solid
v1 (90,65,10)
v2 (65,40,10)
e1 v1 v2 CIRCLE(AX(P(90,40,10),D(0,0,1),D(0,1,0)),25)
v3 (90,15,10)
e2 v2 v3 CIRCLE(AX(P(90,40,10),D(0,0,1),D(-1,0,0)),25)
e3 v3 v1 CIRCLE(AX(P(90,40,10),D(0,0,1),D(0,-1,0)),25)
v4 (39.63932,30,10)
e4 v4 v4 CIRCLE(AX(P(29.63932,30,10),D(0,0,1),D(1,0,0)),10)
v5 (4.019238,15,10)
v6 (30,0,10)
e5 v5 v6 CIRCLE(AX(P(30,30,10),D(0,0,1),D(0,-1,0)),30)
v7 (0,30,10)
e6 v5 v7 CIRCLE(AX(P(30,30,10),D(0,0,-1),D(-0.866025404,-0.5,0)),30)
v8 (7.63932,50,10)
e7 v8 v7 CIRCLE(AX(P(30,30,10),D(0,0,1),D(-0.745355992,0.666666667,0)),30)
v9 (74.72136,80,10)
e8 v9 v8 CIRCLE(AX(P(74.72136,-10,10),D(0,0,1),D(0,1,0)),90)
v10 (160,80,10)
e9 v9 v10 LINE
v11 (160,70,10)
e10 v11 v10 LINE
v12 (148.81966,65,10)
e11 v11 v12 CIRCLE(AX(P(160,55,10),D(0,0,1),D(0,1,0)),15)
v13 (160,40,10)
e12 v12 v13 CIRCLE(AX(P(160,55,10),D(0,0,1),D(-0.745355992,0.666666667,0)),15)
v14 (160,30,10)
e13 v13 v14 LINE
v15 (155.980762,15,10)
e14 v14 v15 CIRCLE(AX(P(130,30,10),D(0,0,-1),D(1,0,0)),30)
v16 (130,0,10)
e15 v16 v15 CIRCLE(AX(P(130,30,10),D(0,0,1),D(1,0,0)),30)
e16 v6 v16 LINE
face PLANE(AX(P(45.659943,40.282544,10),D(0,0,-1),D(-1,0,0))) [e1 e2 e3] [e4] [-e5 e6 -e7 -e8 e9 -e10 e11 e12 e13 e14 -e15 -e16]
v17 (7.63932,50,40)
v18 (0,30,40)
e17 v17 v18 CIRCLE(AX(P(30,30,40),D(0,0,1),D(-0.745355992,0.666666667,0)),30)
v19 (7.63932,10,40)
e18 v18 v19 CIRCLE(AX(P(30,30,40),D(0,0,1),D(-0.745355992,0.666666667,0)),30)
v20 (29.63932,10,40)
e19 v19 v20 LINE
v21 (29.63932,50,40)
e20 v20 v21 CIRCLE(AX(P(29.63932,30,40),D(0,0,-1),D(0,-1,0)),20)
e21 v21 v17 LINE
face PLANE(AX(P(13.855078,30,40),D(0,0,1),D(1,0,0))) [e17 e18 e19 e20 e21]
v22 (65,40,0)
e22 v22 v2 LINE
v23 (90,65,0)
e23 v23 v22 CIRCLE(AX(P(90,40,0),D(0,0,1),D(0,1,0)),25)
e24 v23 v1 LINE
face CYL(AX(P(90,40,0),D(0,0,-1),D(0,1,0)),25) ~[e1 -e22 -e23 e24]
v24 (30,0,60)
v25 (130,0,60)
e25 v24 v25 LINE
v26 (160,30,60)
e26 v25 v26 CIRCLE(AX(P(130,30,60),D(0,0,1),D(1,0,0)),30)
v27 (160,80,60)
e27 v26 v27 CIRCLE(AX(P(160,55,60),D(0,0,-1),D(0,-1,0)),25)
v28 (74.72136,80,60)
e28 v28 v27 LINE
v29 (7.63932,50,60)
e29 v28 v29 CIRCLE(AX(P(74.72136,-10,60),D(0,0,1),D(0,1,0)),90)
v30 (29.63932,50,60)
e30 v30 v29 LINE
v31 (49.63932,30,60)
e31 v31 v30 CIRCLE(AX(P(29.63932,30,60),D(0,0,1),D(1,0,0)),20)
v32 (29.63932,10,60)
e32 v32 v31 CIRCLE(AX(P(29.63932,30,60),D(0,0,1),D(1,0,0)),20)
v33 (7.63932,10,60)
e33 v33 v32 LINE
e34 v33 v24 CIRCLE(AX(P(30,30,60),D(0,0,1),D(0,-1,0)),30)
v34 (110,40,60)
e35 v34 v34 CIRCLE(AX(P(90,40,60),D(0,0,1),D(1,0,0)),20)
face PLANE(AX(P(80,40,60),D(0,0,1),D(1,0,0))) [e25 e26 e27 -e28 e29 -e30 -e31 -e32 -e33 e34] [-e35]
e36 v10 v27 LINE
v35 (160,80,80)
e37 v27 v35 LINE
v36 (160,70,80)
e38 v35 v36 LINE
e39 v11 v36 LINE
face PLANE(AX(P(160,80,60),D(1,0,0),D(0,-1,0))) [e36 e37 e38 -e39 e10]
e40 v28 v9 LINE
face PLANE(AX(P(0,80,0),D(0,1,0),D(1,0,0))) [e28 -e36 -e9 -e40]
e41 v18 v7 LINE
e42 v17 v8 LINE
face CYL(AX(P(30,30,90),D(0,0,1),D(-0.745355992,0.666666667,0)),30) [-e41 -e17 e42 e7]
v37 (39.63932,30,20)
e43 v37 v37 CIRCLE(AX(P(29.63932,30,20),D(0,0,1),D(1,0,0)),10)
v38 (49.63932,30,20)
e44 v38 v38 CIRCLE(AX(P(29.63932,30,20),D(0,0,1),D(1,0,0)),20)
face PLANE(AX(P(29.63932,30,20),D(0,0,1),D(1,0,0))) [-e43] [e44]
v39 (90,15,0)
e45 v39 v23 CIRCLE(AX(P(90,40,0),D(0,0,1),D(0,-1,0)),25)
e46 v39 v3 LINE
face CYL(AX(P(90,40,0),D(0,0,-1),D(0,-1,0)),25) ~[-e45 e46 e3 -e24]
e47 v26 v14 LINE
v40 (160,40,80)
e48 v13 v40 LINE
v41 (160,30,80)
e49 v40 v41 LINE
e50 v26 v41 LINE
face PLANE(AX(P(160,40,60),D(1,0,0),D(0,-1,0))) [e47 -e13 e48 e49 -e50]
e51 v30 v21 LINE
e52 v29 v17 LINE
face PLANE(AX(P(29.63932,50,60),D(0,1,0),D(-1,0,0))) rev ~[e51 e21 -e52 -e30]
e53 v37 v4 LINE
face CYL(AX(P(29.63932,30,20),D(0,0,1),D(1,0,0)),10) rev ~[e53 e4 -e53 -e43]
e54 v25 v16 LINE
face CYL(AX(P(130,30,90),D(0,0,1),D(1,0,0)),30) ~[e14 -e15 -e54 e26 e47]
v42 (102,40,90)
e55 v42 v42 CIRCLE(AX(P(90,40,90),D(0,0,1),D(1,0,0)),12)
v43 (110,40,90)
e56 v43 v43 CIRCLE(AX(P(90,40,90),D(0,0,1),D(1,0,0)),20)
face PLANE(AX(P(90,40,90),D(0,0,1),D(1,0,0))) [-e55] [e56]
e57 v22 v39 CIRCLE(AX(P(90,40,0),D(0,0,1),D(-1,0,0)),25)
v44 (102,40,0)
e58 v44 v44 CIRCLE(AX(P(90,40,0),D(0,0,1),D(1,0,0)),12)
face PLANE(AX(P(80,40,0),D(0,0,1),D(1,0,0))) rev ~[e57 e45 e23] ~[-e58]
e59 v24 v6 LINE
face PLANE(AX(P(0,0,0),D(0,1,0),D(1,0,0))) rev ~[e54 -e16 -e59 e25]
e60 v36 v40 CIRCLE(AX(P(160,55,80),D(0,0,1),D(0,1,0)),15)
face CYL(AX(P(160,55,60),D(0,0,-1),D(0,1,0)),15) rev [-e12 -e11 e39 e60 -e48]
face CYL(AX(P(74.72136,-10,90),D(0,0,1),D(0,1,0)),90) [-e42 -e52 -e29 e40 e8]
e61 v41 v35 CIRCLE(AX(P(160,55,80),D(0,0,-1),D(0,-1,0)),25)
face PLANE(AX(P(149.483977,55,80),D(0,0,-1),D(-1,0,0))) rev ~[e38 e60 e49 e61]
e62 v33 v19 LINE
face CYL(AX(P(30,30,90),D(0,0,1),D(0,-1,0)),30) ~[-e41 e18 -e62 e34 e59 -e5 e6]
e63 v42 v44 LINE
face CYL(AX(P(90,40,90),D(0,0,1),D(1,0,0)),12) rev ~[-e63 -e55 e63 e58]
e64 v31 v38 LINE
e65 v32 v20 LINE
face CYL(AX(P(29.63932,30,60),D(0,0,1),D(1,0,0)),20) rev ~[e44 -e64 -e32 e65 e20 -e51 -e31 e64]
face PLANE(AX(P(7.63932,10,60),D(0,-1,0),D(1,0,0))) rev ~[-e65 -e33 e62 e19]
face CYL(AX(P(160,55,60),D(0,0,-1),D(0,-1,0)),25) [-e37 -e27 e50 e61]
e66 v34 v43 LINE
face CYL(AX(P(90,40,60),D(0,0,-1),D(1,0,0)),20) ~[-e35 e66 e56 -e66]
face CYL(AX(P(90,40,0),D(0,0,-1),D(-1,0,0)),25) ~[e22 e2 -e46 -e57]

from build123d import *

# Parameters (mm, degrees)
SKETCH1_W           = 160
SKETCH1_H           = 80
BOSS_EXTRUDE1_DEPTH = 90
CUT_EXTRUDE1_DEPTH  = 90
CUT_EXTRUDE2_DEPTH  = 90
SKETCH4_W           = 10
SKETCH4_H           = 15
CUT_EXTRUDE3_DEPTH  = 215
CUT_EXTRUDE4_DEPTH  = 10
CUT_EXTRUDE6_DEPTH  = 263
SKETCH7_W           = 160
SKETCH7_H           = 80
CUT_EXTRUDE7_DEPTH  = 263
SKETCH8_R           = 20
BOSS_EXTRUDE2_DEPTH = 30
SKETCH9_R           = 11
CUT_EXTRUDE8_DEPTH  = 117
BOSS_EXTRUDE3_DEPTH = 20
CUT_EXTRUDE9_DEPTH  = 20
SKETCH12_R          = 20
CUT_EXTRUDE10_DEPTH = 40
SKETCH13_R          = 10
CUT_EXTRUDE11_DEPTH = 40
SKETCH14_R          = 12
CUT_EXTRUDE12_DEPTH = 114


with BuildPart() as part:
    # Sketch1 → Boss-Extrude1 (new body)
    with BuildSketch(Plane.XY):
        with Locations((80, 40)):
            Rectangle(SKETCH1_W, SKETCH1_H)
    extrude(amount=BOSS_EXTRUDE1_DEPTH)

    # Sketch2 → Cut-Extrude1 (cut)
    with BuildSketch(Plane.XY.offset(90)):
        with BuildLine():
            ThreePointArc((160, 70), (145, 55), (160, 40))
            Line((160, 40), (160, 70))
        make_face()
        with BuildLine():
            ThreePointArc((160, 30), (151.213203436, 8.786796564), (130, 0))
            Line((130, 0), (160, 0))
            Line((160, 0), (160, 30))
        make_face()
    extrude(amount=-CUT_EXTRUDE1_DEPTH, mode=Mode.SUBTRACT)

    # Sketch3 → Cut-Extrude2 (cut)
    with BuildSketch(Plane.XY.offset(90)):
        with BuildLine():
            Line((0, 30), (0, 0))
            Line((0, 0), (30, 0))
            ThreePointArc((30, 0), (8.786796564, 8.786796564), (0, 30))
        make_face()
    extrude(amount=-CUT_EXTRUDE2_DEPTH, mode=Mode.SUBTRACT)

    # Sketch4 → Cut-Extrude3 (cut)
    with BuildSketch(Plane.ZY):
        with Locations((5, 72.5)):
            Rectangle(SKETCH4_W, SKETCH4_H)
        with Locations((5, 7.5)):
            Rectangle(SKETCH4_W, SKETCH4_H)
    extrude(amount=-CUT_EXTRUDE3_DEPTH, mode=Mode.SUBTRACT)

    # Sketch5 → Cut-Extrude4 (cut)
    with BuildSketch(Plane(origin=(0, 0, 0), x_dir=(-1, 0, 0), z_dir=(0, 0, -1))):
        with BuildLine():
            ThreePointArc((-90, 15), (-115, 40), (-90, 65))
            Line((-90, 65), (-148.819660113, 65))
            ThreePointArc((-148.819660113, 65), (-146.306936062, 48.876275643), (-160, 40))
            Line((-160, 40), (-160, 30))
            ThreePointArc((-160, 30), (-158.977774789, 22.235428647), (-155.980762114, 15))
            Line((-155.980762114, 15), (-90, 15))
        make_face()
        with BuildLine():
            Line((0, 65), (-90, 65))
            ThreePointArc((-90, 65), (-72.32233047, 57.67766953), (-65, 40))
            ThreePointArc((-65, 40), (-72.32233047, 22.32233047), (-90, 15))
            Line((-90, 15), (-4.019237886, 15))
            ThreePointArc((-4.019237886, 15), (-1.022225211, 22.235428647), (0, 30))
            Line((0, 30), (0, 65))
        make_face()
    extrude(amount=-CUT_EXTRUDE4_DEPTH, mode=Mode.SUBTRACT)

    # Sketch6 → Cut-Extrude6 (cut)
    with BuildSketch(Plane.XY.offset(90)):
        with BuildLine():
            Line((0, 30), (0, 80))
            Line((0, 80), (74.72135955, 80))
            ThreePointArc((74.72135955, 80), (37.979013408, 72.158383626), (7.639320225, 50))
            ThreePointArc((7.639320225, 50), (1.974829231, 40.704662693), (0, 30))
        make_face()
    extrude(amount=-CUT_EXTRUDE6_DEPTH, mode=Mode.SUBTRACT)

    # Sketch7 → Cut-Extrude7 (cut)
    with BuildSketch(Plane.XY.offset(60)):
        with Locations((80, 40)):
            Rectangle(SKETCH7_W, SKETCH7_H)
    extrude(amount=CUT_EXTRUDE7_DEPTH, mode=Mode.SUBTRACT)

    # Sketch8 → Boss-Extrude2 (add)
    with BuildSketch(Plane.XY.offset(60)):
        with Locations((90, 40)):
            Circle(SKETCH8_R)
    extrude(amount=BOSS_EXTRUDE2_DEPTH)

    # Sketch9 → Cut-Extrude8 (cut)
    with BuildSketch(Plane.XY.offset(90)):
        with Locations((90, 40)):
            Circle(SKETCH9_R)
    extrude(amount=-CUT_EXTRUDE8_DEPTH, mode=Mode.SUBTRACT)

    # Sketch10 → Boss-Extrude3 (add)
    with BuildSketch(Plane.XY.offset(60)):
        with BuildLine():
            Line((160, 40), (160, 30))
            ThreePointArc((160, 30), (135, 55), (160, 80))
            Line((160, 80), (160, 70))
            ThreePointArc((160, 70), (145, 55), (160, 40))
        make_face()
    extrude(amount=BOSS_EXTRUDE3_DEPTH)

    # Sketch11 → Cut-Extrude9 (cut)
    with BuildSketch(Plane.XY.offset(60)):
        with BuildLine():
            ThreePointArc((29.639320225, 10), (9.639320225, 30), (29.639320225, 50))
            Line((29.639320225, 50), (7.639320225, 50))
            ThreePointArc((7.639320225, 50), (0, 30), (7.639320225, 10))
            Line((7.639320225, 10), (29.639320225, 10))
        make_face()
    extrude(amount=-CUT_EXTRUDE9_DEPTH, mode=Mode.SUBTRACT)

    # Sketch12 → Cut-Extrude10 (cut)
    with BuildSketch(Plane.XY.offset(60)):
        with Locations((29.639320225, 30)):
            Circle(SKETCH12_R)
    extrude(amount=-CUT_EXTRUDE10_DEPTH, mode=Mode.SUBTRACT)

    # Sketch13 → Cut-Extrude11 (cut)
    with BuildSketch(Plane.XY.offset(20)):
        with Locations((29.639320225, 30)):
            Circle(SKETCH13_R)
    extrude(amount=-CUT_EXTRUDE11_DEPTH, mode=Mode.SUBTRACT)

    # Sketch14 → Cut-Extrude12 (cut)
    with BuildSketch(Plane.XY.offset(90)):
        with Locations((90, 40)):
            Circle(SKETCH14_R)
    extrude(amount=-CUT_EXTRUDE12_DEPTH, mode=Mode.SUBTRACT)


solid = part.part
